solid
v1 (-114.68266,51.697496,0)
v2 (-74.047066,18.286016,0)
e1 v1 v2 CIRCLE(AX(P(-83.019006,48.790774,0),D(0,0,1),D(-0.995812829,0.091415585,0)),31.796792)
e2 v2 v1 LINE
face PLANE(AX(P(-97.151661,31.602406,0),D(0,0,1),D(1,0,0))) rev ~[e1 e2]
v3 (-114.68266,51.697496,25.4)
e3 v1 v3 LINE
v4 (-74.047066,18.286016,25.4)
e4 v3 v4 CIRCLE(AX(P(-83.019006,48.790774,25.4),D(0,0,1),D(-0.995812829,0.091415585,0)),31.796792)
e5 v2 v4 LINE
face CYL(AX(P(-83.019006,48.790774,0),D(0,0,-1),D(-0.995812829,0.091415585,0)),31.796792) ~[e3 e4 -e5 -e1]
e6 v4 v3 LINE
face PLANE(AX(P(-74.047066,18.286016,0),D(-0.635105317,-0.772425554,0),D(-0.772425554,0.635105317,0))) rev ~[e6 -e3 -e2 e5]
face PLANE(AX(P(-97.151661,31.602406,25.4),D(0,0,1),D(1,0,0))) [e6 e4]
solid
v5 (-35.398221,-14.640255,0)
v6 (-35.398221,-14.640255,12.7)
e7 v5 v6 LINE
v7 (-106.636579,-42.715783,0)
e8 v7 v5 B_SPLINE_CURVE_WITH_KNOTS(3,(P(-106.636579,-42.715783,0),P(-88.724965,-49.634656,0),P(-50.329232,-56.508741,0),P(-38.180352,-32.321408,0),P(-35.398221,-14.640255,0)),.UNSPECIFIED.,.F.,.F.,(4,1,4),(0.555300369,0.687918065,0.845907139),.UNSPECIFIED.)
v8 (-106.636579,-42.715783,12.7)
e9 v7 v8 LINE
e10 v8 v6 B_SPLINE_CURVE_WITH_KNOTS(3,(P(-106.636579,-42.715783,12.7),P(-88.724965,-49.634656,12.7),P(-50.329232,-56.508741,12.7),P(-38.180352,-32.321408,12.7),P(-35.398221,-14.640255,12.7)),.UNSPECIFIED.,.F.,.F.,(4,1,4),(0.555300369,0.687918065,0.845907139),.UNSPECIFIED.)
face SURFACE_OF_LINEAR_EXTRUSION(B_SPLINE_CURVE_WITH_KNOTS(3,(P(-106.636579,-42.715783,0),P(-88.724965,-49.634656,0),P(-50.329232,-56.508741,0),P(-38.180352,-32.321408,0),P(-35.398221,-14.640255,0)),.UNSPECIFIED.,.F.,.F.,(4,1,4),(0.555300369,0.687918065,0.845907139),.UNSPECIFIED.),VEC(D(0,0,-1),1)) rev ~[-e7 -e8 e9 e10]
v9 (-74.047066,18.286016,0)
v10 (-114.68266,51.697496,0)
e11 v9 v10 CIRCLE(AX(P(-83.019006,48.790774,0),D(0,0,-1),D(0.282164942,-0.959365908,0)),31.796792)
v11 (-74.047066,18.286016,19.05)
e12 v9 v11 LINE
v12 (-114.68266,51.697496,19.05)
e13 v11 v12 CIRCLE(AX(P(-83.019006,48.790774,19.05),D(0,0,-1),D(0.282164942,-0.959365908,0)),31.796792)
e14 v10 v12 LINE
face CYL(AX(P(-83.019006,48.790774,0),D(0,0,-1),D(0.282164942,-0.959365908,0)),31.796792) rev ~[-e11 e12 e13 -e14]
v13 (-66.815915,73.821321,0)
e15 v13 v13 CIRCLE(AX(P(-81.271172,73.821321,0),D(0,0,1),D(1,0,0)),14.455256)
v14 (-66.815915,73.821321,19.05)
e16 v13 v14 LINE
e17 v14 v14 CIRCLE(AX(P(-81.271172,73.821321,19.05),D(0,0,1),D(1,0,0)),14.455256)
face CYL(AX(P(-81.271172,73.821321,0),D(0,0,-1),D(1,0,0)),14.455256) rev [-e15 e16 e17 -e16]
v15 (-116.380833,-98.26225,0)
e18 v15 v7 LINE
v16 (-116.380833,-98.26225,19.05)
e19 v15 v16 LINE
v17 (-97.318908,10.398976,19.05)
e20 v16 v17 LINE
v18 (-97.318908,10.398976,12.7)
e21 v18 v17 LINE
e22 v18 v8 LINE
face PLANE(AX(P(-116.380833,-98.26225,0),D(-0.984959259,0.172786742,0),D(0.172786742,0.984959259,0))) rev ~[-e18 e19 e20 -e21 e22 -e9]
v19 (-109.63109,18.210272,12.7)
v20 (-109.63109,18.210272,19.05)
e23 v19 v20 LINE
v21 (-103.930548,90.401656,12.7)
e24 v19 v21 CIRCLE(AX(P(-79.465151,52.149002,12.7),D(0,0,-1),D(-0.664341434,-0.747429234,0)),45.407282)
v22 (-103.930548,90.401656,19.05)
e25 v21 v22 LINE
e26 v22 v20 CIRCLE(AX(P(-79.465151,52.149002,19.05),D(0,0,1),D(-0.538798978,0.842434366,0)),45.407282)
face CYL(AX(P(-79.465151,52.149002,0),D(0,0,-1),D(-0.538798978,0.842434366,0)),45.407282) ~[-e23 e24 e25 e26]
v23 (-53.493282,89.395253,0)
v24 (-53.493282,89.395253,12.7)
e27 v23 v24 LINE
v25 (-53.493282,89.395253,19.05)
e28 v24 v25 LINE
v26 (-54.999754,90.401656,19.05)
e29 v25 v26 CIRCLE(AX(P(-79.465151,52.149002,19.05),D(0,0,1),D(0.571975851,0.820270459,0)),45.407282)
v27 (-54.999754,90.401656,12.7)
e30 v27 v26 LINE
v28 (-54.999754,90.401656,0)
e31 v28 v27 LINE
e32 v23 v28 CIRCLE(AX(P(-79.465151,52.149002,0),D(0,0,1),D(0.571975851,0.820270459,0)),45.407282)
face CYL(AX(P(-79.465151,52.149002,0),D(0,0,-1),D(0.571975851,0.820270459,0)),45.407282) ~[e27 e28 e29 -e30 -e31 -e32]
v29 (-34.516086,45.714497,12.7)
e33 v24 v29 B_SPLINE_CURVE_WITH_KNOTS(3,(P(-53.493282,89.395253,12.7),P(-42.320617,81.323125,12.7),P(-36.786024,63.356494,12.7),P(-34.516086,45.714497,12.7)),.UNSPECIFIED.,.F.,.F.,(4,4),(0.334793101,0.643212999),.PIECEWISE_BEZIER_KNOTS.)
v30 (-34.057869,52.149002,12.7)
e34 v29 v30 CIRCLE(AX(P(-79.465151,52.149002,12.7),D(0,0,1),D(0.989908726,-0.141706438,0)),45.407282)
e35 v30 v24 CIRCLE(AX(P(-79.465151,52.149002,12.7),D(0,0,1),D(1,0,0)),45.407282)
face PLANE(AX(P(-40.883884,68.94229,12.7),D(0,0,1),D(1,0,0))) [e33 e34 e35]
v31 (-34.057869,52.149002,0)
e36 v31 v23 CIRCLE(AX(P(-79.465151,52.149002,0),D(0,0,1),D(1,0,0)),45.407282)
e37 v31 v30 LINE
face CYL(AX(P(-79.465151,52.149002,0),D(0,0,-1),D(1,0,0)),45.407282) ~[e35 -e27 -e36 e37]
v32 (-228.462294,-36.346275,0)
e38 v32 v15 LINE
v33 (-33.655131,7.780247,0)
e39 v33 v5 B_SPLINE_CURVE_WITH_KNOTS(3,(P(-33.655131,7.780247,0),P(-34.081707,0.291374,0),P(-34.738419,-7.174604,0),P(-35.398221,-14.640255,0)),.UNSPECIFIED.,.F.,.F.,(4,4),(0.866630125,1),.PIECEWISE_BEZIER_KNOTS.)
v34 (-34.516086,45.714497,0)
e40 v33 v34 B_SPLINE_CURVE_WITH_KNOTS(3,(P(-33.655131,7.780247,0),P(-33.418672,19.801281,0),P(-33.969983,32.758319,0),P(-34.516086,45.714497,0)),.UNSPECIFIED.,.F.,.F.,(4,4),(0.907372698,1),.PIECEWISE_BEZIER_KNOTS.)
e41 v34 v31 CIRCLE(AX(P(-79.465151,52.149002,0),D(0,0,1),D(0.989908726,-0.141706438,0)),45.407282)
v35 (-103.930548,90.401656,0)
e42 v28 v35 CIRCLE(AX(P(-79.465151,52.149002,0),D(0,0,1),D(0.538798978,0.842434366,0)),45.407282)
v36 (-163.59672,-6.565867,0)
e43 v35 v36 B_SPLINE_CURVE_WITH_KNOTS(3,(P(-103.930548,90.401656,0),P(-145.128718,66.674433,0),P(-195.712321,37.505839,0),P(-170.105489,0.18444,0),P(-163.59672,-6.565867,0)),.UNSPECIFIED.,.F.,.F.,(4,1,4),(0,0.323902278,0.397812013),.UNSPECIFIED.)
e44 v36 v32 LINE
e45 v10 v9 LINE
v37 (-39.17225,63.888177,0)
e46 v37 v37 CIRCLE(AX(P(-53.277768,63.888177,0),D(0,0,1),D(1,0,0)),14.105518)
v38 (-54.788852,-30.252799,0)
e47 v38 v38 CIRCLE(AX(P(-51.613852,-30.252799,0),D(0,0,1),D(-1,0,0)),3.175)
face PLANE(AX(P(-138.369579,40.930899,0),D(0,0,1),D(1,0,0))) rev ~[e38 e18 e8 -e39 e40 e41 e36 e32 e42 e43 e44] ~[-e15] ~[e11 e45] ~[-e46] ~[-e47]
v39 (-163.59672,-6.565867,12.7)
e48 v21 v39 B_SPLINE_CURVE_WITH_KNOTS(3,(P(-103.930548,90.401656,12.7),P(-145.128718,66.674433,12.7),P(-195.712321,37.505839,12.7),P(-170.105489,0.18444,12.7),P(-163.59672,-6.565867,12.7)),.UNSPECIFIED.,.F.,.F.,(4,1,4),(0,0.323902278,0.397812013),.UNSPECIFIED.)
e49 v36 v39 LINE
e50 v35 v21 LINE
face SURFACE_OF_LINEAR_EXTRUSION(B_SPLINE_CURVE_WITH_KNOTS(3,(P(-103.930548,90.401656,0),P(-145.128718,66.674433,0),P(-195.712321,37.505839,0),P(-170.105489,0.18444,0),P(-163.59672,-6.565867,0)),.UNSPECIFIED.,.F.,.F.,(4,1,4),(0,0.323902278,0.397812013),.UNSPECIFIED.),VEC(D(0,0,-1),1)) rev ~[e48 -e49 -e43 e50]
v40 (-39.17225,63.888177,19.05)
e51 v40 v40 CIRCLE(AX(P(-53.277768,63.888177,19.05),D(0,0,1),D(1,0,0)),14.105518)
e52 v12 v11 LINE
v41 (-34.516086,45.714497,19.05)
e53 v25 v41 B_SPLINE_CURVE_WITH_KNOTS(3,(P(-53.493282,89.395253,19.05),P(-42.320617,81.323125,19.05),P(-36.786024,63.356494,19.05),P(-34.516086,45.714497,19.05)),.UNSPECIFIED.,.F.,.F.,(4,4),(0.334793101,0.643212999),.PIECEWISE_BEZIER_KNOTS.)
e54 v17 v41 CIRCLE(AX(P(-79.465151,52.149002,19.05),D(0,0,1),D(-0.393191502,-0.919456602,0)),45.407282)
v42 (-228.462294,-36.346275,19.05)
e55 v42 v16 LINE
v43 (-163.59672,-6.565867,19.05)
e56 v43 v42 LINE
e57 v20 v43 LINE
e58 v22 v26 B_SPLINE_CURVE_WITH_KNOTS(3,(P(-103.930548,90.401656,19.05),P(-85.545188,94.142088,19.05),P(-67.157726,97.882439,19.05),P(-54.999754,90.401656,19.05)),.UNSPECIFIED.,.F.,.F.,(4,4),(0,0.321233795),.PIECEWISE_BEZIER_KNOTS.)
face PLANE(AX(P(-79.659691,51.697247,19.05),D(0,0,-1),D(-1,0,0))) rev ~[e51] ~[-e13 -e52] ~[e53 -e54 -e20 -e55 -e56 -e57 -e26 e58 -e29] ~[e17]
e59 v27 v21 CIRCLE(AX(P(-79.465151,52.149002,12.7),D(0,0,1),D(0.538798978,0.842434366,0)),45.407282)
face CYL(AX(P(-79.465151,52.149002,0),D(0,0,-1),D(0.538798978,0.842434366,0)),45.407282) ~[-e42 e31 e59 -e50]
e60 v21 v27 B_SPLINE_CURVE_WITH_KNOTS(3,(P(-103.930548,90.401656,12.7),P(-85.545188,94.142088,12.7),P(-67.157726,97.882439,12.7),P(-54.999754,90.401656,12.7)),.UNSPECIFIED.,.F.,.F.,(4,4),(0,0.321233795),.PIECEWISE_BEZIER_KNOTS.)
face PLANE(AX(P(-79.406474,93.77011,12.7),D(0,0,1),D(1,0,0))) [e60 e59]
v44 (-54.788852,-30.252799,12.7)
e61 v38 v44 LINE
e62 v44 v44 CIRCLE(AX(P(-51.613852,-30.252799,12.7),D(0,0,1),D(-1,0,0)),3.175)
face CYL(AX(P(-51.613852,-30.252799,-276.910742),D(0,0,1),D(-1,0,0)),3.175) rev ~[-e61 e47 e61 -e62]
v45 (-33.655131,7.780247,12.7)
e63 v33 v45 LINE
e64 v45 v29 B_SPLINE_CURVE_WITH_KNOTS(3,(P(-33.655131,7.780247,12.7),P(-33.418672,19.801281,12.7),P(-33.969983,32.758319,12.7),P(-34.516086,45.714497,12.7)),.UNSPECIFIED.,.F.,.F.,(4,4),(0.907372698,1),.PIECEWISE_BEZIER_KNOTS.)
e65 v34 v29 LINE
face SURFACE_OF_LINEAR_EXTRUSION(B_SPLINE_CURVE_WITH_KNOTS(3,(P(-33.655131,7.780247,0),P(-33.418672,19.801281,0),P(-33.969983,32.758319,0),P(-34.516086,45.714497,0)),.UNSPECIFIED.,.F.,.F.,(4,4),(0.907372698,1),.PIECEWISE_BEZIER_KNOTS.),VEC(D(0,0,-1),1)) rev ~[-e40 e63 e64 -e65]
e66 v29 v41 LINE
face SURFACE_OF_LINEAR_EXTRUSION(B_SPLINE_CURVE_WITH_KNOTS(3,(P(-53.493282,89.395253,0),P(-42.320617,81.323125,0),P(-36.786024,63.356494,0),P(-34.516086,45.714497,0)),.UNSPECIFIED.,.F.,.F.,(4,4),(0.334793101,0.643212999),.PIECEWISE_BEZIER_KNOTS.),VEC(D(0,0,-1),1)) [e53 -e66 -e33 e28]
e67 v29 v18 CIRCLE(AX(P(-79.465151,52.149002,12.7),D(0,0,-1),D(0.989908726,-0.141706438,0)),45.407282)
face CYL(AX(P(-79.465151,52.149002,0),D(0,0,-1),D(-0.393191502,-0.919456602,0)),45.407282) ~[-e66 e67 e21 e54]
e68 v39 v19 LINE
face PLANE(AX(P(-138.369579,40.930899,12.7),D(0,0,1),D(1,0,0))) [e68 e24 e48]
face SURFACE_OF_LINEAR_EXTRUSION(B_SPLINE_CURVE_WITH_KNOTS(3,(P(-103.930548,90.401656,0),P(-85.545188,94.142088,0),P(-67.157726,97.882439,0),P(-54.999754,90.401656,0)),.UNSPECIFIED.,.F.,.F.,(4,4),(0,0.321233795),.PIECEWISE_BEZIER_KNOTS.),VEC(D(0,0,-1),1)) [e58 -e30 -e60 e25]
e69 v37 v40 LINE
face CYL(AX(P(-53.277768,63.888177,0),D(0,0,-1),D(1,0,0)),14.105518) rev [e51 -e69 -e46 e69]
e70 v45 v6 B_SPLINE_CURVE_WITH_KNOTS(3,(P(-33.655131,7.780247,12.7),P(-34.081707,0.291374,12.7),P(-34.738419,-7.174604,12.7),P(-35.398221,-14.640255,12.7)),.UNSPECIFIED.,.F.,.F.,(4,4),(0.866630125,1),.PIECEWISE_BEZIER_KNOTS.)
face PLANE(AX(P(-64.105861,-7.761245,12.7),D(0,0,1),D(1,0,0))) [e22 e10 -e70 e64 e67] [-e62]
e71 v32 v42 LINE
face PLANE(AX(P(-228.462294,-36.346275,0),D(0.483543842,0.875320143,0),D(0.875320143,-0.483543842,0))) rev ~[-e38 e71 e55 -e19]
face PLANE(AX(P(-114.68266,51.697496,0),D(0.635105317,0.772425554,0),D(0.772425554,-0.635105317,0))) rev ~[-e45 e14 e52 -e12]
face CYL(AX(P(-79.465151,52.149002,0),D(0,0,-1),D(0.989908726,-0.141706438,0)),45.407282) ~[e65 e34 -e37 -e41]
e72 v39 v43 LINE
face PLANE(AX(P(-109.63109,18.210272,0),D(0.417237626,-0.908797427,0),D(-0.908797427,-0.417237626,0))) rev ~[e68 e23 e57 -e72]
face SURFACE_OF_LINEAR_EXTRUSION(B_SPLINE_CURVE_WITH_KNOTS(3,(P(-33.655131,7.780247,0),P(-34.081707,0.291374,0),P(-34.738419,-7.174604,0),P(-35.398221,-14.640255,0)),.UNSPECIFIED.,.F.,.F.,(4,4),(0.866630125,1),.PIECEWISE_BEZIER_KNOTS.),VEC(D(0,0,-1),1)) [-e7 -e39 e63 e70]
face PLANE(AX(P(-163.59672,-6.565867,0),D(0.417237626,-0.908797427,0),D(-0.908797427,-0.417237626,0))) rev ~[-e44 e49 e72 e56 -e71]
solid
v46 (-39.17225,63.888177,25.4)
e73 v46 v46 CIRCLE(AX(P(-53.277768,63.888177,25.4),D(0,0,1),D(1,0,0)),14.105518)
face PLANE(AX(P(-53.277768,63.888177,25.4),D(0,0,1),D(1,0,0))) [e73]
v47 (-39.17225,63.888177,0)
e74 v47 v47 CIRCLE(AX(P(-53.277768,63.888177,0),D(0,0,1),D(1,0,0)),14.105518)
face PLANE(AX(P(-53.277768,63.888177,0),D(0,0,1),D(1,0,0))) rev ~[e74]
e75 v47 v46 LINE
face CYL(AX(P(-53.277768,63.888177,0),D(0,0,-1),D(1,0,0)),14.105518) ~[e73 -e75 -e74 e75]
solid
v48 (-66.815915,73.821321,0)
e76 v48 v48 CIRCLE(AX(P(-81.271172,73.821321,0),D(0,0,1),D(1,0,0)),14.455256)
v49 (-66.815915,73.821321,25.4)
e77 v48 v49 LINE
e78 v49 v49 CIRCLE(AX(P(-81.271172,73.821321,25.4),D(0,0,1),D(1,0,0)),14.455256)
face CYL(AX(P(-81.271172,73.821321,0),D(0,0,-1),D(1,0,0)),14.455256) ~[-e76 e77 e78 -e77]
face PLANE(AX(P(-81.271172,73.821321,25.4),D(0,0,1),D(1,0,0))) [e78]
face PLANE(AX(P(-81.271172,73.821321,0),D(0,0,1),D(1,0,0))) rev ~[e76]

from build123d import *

# Parameters (mm, degrees)
F0_R     = 14.4552561753
F1_DEPTH = 25.4
F0_R_2   = 14.1055177091
F2_DEPTH = 25.4
F3_DEPTH = 19.05
F4_DEPTH = 12.7
F5_D     = 6.35


with BuildPart() as f1:
    # F0 (on Top) → F1 (new body)
    with BuildSketch(Plane.XY):
        with Locations((-81.2711715698, 73.8213211298)):
            Circle(F0_R)
    extrude(amount=F1_DEPTH)


with BuildPart() as f1b:
    # F0 (on Top) → F1, piece 2 (new body)
    with BuildSketch(Plane.XY):
        with Locations((-53.2777681947, 63.8881772757)):
            Circle(F0_R_2)
    extrude(amount=F1_DEPTH)


with BuildPart() as f2:
    # F0 (on Top) → F2 (new body)
    with BuildSketch(Plane.XY):
        with BuildLine():
            Line((-74.0470662713, 18.2860158384), (-114.6826595068, 51.6974963248))
            ThreePointArc((-114.6826595068, 51.6974963248), (-103.2133178037, 24.2301193795), (-74.0470662713, 18.2860158384))
        make_face()
    extrude(amount=F2_DEPTH)


with BuildPart() as f3:
    # F0 (on Top) → F3 (new body)
    with BuildSketch(Plane.XY):
        with BuildLine():
            add(Edge.make_bspline(
                [(-103.9305479169, 90.4016562837), (-85.5451875426, 94.1420875768), (-67.1577257905, 97.8824388379), (-54.9997537494, 90.4016562837)],
                knots=[0, 0, 0, 0, 0.3212337954, 0.3212337954, 0.3212337954, 0.3212337954], degree=3))
            ThreePointArc((-103.9305479169, 90.4016562837), (-124.7315260032, 55.7234288399), (-109.6310896018, 18.2102715683))
            ThreePointArc((-109.6310896018, 18.2102715683), (-103.7905878899, 13.807191904), (-97.3189082255, 10.3989763741))
            ThreePointArc((-97.3189082255, 10.3989763741), (-57.2090185765, 12.5701456796), (-34.5160862415, 45.7144973229))
            add(Edge.make_bspline(
                [(-53.4932820949, 89.3952534818), (-42.3206165187, 81.3231253274), (-36.7860243282, 63.3564941894), (-34.5160862415, 45.7144973229)],
                knots=[0.3347931008, 0.3347931008, 0.3347931008, 0.3347931008, 0.6432129986, 0.6432129986, 0.6432129986, 0.6432129986], degree=3))
            ThreePointArc((-53.4932820949, 89.3952534818), (-54.2414980931, 89.9059690015), (-54.9997537494, 90.4016562837))
        make_face()
        with BuildLine():
            ThreePointArc((-74.0470662713, 18.2860158384), (-103.2133178037, 24.2301193795), (-114.6826595068, 51.6974963248))
            Line((-114.6826595068, 51.6974963248), (-74.0470662713, 18.2860158384))
        make_face(mode=Mode.SUBTRACT)
        with Locations((-53.2777681947, 63.8881772757)):
            Circle(F0_R_2, mode=Mode.SUBTRACT)
        with Locations((-81.2711715698, 73.8213211298)):
            Circle(F0_R, mode=Mode.SUBTRACT)
        with BuildLine():
            add(Edge.make_bspline(
                [(-163.5967197374, -6.5658674452), (-149.7277033092, -20.9495587277), (-127.9072747806, -34.4993701413), (-106.6365792263, -42.7157834978)],
                knots=[0.3978120133, 0.3978120133, 0.3978120133, 0.3978120133, 0.5553003686, 0.5553003686, 0.5553003686, 0.5553003686], degree=3))
            Line((-163.5967197374, -6.5658674452), (-228.4622937441, -36.3462753594))
            Line((-228.4622937441, -36.3462753594), (-116.3808330894, -98.2622504234))
            Line((-116.3808330894, -98.2622504234), (-106.6365792263, -42.7157834978))
        make_face()
        with BuildLine():
            ThreePointArc((-97.3189082255, 10.3989763741), (-103.7905878899, 13.807191904), (-109.6310896018, 18.2102715683))
            Line((-109.6310896018, 18.2102715683), (-163.5967197374, -6.5658674452))
            add(Edge.make_bspline(
                [(-163.5967197374, -6.5658674452), (-149.7277033092, -20.9495587277), (-127.9072747806, -34.4993701413), (-106.6365792263, -42.7157834978)],
                knots=[0.3978120133, 0.3978120133, 0.3978120133, 0.3978120133, 0.5553003686, 0.5553003686, 0.5553003686, 0.5553003686], degree=3))
            Line((-106.6365792263, -42.7157834978), (-97.3189082255, 10.3989763741))
        make_face()
    extrude(amount=F3_DEPTH)

    # F0 (on Top) → F4 (join)
    with BuildSketch(Plane.XY):
        with BuildLine():
            ThreePointArc((-109.6310896018, 18.2102715683), (-124.7315260032, 55.7234288399), (-103.9305479169, 90.4016562837))
            add(Edge.make_bspline(
                [(-103.9305479169, 90.4016562837), (-145.1287182509, 66.6744327068), (-195.7123211671, 37.5058393875), (-170.1054887435, 0.1844399394), (-163.5967197374, -6.5658674452)],
                knots=[0, 0, 0, 0, 0.3239022785, 0.3978120133, 0.3978120133, 0.3978120133, 0.3978120133], degree=3))
            Line((-163.5967197374, -6.5658674452), (-109.6310896018, 18.2102715683))
        make_face()
        with BuildLine():
            ThreePointArc((-34.5160862415, 45.7144973229), (-57.2090185765, 12.5701456796), (-97.3189082255, 10.3989763741))
            Line((-97.3189082255, 10.3989763741), (-106.6365792263, -42.7157834978))
            add(Edge.make_bspline(
                [(-106.6365792263, -42.7157834978), (-88.7249650646, -49.6346557771), (-50.3292323273, -56.5087407704), (-38.1803516801, -32.3214083153), (-35.3982208139, -14.640254907)],
                knots=[0.5553003686, 0.5553003686, 0.5553003686, 0.5553003686, 0.6879180654, 0.8459071389, 0.8459071389, 0.8459071389, 0.8459071389], degree=3))
            add(Edge.make_bspline(
                [(-33.6551310256, 7.780247472), (-34.0817074351, 0.2913735883), (-34.7384191947, -7.1746038566), (-35.3982208139, -14.640254907)],
                knots=[0.8666301254, 0.8666301254, 0.8666301254, 0.8666301254, 1, 1, 1, 1], degree=3))
            add(Edge.make_bspline(
                [(-33.6551310256, 7.780247472), (-33.418672051, 19.8012809669), (-33.9699834553, 32.758318881), (-34.5160862415, 45.7144973229)],
                knots=[0.9073726977, 0.9073726977, 0.9073726977, 0.9073726977, 1, 1, 1, 1], degree=3))
        make_face()
        with BuildLine():
            ThreePointArc((-54.9997537494, 90.4016562837), (-79.4651508331, 97.5562834336), (-103.9305479169, 90.4016562837))
            add(Edge.make_bspline(
                [(-103.9305479169, 90.4016562837), (-85.5451875426, 94.1420875768), (-67.1577257905, 97.8824388379), (-54.9997537494, 90.4016562837)],
                knots=[0, 0, 0, 0, 0.3212337954, 0.3212337954, 0.3212337954, 0.3212337954], degree=3))
        make_face()
        with BuildLine():
            ThreePointArc((-34.0578689085, 52.149001509), (-39.2088890985, 73.1550635611), (-53.4932820949, 89.3952534818))
            add(Edge.make_bspline(
                [(-53.4932820949, 89.3952534818), (-42.3206165187, 81.3231253274), (-36.7860243282, 63.3564941894), (-34.5160862415, 45.7144973229)],
                knots=[0.3347931008, 0.3347931008, 0.3347931008, 0.3347931008, 0.6432129986, 0.6432129986, 0.6432129986, 0.6432129986], degree=3))
            ThreePointArc((-34.5160862415, 45.7144973229), (-34.1725681074, 48.9236020281), (-34.0578689085, 52.149001509))
        make_face()
    extrude(amount=F4_DEPTH)

    # F5 (through all)
    with Locations(Plane(origin=(0, 0, 0), x_dir=(1, 0, 0), z_dir=(0, 0, -1))):
        with Locations((-51.6138523817, 30.2527993917)):
            Hole(F5_D / 2)


solid = Compound([f1.part, f1b.part, f2.part, f3.part])
